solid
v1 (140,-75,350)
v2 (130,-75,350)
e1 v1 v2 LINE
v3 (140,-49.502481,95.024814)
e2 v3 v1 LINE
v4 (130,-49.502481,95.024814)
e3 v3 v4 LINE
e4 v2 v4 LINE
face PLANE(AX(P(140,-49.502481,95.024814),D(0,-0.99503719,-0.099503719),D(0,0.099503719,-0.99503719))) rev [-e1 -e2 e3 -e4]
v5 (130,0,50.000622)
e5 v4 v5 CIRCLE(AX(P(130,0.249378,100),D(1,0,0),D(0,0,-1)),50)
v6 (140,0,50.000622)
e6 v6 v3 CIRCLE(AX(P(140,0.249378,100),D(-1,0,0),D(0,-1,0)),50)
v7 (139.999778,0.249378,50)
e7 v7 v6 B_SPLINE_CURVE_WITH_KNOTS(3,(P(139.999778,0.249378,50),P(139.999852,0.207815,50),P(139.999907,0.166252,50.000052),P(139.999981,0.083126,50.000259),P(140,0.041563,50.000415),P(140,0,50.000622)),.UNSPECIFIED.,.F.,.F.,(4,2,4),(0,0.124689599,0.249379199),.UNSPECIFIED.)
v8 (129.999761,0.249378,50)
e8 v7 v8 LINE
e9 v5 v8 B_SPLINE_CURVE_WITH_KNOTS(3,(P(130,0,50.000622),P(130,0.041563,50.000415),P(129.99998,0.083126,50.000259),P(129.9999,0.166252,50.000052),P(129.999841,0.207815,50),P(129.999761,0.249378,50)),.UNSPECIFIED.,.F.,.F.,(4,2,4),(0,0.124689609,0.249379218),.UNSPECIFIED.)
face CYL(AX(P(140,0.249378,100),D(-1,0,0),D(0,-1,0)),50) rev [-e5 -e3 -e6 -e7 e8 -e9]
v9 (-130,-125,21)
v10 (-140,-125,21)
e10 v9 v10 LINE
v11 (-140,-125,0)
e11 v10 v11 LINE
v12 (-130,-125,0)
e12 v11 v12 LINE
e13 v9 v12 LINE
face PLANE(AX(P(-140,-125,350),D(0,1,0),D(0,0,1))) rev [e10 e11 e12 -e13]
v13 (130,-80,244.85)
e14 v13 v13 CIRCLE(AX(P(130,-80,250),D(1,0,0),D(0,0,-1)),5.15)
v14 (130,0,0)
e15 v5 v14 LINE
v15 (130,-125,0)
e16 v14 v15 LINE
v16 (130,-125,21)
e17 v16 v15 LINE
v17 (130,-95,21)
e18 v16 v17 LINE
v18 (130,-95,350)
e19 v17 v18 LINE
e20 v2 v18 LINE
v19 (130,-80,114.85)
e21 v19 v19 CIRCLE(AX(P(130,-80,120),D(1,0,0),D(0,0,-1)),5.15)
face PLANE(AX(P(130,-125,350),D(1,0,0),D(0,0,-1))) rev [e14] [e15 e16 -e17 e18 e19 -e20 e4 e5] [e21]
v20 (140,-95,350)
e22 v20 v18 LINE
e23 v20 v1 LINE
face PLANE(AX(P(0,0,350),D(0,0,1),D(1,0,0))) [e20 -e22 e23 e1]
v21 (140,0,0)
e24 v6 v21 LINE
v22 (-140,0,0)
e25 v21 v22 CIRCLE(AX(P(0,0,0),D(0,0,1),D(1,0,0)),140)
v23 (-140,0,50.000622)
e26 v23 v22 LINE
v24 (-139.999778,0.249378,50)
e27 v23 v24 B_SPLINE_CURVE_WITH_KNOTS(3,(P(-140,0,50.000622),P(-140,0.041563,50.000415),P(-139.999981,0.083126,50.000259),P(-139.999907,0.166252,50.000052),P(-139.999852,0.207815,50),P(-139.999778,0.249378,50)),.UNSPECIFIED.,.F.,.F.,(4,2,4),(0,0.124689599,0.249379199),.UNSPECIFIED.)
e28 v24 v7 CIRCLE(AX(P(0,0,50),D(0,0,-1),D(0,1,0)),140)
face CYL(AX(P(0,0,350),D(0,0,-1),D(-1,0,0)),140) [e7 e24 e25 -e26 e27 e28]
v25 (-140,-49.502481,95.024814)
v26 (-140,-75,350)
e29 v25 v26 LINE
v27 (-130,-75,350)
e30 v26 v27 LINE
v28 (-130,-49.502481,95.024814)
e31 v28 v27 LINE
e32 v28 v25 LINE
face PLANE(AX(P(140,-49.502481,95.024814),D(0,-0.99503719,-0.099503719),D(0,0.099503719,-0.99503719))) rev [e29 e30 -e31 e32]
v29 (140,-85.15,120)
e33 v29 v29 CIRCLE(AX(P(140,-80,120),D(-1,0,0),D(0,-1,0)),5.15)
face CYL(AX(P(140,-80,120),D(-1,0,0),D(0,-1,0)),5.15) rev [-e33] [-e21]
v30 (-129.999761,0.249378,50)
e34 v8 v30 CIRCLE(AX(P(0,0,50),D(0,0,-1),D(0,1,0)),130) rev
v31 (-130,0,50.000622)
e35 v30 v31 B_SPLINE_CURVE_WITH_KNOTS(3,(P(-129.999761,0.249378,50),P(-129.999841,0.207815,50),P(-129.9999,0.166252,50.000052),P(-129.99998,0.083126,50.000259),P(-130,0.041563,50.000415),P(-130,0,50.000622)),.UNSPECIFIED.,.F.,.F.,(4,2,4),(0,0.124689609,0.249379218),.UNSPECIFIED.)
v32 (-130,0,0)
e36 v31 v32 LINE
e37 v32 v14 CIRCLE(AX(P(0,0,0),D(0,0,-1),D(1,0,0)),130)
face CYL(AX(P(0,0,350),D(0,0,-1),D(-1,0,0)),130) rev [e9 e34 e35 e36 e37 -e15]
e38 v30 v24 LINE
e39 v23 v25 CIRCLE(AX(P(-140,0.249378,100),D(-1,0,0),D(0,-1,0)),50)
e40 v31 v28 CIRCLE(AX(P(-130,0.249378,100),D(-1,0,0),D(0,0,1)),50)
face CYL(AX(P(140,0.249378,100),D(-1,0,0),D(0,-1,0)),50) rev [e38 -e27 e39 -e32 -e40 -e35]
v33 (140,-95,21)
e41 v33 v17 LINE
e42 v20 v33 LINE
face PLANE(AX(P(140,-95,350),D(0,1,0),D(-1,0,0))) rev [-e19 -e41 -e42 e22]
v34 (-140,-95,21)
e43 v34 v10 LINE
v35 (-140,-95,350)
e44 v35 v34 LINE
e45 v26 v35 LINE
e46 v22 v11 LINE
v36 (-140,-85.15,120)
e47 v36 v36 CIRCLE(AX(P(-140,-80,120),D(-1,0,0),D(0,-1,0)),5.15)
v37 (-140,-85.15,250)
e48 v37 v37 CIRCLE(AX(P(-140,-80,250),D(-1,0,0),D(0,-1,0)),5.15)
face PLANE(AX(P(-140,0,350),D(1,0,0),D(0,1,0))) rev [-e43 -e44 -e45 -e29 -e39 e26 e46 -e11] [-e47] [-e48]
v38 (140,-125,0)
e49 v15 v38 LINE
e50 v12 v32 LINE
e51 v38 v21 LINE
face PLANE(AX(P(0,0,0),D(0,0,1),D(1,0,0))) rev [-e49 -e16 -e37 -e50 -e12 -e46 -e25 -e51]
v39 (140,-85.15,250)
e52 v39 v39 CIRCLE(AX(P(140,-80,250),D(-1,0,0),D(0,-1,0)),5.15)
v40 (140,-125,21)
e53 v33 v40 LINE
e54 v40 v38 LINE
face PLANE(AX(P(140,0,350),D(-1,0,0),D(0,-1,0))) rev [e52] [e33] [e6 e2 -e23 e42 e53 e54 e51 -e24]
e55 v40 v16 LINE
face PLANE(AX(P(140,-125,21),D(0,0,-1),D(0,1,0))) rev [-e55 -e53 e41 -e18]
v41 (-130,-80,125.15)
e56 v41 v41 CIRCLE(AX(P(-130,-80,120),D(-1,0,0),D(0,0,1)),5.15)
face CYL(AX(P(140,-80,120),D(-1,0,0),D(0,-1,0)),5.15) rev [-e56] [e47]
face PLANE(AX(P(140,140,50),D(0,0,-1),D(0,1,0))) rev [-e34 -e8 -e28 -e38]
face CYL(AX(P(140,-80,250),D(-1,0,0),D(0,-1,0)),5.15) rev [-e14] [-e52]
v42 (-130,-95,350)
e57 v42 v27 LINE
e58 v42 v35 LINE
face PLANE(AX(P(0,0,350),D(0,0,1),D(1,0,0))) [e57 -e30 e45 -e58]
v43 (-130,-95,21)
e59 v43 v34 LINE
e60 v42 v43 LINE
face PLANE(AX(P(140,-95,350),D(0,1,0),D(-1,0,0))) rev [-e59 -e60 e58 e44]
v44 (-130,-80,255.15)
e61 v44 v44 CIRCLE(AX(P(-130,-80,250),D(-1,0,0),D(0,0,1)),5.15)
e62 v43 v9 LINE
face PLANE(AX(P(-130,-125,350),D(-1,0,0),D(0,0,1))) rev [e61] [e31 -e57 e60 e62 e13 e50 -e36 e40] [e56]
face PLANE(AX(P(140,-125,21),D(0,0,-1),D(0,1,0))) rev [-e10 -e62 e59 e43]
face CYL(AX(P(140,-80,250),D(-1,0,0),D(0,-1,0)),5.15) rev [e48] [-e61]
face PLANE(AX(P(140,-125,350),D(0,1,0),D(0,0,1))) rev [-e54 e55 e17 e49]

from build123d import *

# Parameters (mm, degrees)
EXTRUDE_1_DEPTH     = 350
SKETCH_2_W          = 329
SKETCH_2_H          = 30
CUT_EXTRUDE_1_DEPTH = 470.574275275
SKETCH_3_R          = 5.15
CUT_EXTRUDE_2_DEPTH = 470.574275364


with BuildPart() as part:
    # 草图1 → 凸台-拉伸1 (new body)
    with BuildSketch(Plane.XY):
        with BuildLine():
            Line((-140, 0), (-140, -125))
            Line((-140, -125), (-130, -125))
            Line((-130, -125), (-130, 0))
            ThreePointArc((-130, 0), (0, 130), (130, 0))
            Line((130, 0), (130, -125))
            Line((130, -125), (140, -125))
            Line((140, -125), (140, 0))
            ThreePointArc((140, 0), (0, 140), (-140, 0))
        make_face()
    extrude(amount=EXTRUDE_1_DEPTH)

    # 草图2 → 切除-拉伸1 (cut, through all)
    with BuildSketch(Plane.ZY.offset(140)):
        with Locations((185.5, -110)):
            Rectangle(SKETCH_2_W, SKETCH_2_H)
        with BuildLine():
            Line((50, 140), (50, 0.249378106))
            ThreePointArc((50, 0.249378106), (62.927373322, -33.300887932), (95.024814049, -49.502481405))
            Line((95.024814049, -49.502481405), (350, -75))
            Line((350, -75), (350, 140))
            Line((350, 140), (50, 140))
        make_face()
    extrude(amount=-CUT_EXTRUDE_1_DEPTH, mode=Mode.SUBTRACT)

    # 草图3 → 切除-拉伸2 (cut, through all)
    with BuildSketch(Plane.ZY.offset(140)):
        with Locations(Location((120, -80, 0), (0, 0, 270))):
            Circle(SKETCH_3_R)
        with Locations(Location((250, -80, 0), (0, 0, 270))):
            Circle(SKETCH_3_R)
    extrude(amount=-CUT_EXTRUDE_2_DEPTH, mode=Mode.SUBTRACT)


solid = part.part
